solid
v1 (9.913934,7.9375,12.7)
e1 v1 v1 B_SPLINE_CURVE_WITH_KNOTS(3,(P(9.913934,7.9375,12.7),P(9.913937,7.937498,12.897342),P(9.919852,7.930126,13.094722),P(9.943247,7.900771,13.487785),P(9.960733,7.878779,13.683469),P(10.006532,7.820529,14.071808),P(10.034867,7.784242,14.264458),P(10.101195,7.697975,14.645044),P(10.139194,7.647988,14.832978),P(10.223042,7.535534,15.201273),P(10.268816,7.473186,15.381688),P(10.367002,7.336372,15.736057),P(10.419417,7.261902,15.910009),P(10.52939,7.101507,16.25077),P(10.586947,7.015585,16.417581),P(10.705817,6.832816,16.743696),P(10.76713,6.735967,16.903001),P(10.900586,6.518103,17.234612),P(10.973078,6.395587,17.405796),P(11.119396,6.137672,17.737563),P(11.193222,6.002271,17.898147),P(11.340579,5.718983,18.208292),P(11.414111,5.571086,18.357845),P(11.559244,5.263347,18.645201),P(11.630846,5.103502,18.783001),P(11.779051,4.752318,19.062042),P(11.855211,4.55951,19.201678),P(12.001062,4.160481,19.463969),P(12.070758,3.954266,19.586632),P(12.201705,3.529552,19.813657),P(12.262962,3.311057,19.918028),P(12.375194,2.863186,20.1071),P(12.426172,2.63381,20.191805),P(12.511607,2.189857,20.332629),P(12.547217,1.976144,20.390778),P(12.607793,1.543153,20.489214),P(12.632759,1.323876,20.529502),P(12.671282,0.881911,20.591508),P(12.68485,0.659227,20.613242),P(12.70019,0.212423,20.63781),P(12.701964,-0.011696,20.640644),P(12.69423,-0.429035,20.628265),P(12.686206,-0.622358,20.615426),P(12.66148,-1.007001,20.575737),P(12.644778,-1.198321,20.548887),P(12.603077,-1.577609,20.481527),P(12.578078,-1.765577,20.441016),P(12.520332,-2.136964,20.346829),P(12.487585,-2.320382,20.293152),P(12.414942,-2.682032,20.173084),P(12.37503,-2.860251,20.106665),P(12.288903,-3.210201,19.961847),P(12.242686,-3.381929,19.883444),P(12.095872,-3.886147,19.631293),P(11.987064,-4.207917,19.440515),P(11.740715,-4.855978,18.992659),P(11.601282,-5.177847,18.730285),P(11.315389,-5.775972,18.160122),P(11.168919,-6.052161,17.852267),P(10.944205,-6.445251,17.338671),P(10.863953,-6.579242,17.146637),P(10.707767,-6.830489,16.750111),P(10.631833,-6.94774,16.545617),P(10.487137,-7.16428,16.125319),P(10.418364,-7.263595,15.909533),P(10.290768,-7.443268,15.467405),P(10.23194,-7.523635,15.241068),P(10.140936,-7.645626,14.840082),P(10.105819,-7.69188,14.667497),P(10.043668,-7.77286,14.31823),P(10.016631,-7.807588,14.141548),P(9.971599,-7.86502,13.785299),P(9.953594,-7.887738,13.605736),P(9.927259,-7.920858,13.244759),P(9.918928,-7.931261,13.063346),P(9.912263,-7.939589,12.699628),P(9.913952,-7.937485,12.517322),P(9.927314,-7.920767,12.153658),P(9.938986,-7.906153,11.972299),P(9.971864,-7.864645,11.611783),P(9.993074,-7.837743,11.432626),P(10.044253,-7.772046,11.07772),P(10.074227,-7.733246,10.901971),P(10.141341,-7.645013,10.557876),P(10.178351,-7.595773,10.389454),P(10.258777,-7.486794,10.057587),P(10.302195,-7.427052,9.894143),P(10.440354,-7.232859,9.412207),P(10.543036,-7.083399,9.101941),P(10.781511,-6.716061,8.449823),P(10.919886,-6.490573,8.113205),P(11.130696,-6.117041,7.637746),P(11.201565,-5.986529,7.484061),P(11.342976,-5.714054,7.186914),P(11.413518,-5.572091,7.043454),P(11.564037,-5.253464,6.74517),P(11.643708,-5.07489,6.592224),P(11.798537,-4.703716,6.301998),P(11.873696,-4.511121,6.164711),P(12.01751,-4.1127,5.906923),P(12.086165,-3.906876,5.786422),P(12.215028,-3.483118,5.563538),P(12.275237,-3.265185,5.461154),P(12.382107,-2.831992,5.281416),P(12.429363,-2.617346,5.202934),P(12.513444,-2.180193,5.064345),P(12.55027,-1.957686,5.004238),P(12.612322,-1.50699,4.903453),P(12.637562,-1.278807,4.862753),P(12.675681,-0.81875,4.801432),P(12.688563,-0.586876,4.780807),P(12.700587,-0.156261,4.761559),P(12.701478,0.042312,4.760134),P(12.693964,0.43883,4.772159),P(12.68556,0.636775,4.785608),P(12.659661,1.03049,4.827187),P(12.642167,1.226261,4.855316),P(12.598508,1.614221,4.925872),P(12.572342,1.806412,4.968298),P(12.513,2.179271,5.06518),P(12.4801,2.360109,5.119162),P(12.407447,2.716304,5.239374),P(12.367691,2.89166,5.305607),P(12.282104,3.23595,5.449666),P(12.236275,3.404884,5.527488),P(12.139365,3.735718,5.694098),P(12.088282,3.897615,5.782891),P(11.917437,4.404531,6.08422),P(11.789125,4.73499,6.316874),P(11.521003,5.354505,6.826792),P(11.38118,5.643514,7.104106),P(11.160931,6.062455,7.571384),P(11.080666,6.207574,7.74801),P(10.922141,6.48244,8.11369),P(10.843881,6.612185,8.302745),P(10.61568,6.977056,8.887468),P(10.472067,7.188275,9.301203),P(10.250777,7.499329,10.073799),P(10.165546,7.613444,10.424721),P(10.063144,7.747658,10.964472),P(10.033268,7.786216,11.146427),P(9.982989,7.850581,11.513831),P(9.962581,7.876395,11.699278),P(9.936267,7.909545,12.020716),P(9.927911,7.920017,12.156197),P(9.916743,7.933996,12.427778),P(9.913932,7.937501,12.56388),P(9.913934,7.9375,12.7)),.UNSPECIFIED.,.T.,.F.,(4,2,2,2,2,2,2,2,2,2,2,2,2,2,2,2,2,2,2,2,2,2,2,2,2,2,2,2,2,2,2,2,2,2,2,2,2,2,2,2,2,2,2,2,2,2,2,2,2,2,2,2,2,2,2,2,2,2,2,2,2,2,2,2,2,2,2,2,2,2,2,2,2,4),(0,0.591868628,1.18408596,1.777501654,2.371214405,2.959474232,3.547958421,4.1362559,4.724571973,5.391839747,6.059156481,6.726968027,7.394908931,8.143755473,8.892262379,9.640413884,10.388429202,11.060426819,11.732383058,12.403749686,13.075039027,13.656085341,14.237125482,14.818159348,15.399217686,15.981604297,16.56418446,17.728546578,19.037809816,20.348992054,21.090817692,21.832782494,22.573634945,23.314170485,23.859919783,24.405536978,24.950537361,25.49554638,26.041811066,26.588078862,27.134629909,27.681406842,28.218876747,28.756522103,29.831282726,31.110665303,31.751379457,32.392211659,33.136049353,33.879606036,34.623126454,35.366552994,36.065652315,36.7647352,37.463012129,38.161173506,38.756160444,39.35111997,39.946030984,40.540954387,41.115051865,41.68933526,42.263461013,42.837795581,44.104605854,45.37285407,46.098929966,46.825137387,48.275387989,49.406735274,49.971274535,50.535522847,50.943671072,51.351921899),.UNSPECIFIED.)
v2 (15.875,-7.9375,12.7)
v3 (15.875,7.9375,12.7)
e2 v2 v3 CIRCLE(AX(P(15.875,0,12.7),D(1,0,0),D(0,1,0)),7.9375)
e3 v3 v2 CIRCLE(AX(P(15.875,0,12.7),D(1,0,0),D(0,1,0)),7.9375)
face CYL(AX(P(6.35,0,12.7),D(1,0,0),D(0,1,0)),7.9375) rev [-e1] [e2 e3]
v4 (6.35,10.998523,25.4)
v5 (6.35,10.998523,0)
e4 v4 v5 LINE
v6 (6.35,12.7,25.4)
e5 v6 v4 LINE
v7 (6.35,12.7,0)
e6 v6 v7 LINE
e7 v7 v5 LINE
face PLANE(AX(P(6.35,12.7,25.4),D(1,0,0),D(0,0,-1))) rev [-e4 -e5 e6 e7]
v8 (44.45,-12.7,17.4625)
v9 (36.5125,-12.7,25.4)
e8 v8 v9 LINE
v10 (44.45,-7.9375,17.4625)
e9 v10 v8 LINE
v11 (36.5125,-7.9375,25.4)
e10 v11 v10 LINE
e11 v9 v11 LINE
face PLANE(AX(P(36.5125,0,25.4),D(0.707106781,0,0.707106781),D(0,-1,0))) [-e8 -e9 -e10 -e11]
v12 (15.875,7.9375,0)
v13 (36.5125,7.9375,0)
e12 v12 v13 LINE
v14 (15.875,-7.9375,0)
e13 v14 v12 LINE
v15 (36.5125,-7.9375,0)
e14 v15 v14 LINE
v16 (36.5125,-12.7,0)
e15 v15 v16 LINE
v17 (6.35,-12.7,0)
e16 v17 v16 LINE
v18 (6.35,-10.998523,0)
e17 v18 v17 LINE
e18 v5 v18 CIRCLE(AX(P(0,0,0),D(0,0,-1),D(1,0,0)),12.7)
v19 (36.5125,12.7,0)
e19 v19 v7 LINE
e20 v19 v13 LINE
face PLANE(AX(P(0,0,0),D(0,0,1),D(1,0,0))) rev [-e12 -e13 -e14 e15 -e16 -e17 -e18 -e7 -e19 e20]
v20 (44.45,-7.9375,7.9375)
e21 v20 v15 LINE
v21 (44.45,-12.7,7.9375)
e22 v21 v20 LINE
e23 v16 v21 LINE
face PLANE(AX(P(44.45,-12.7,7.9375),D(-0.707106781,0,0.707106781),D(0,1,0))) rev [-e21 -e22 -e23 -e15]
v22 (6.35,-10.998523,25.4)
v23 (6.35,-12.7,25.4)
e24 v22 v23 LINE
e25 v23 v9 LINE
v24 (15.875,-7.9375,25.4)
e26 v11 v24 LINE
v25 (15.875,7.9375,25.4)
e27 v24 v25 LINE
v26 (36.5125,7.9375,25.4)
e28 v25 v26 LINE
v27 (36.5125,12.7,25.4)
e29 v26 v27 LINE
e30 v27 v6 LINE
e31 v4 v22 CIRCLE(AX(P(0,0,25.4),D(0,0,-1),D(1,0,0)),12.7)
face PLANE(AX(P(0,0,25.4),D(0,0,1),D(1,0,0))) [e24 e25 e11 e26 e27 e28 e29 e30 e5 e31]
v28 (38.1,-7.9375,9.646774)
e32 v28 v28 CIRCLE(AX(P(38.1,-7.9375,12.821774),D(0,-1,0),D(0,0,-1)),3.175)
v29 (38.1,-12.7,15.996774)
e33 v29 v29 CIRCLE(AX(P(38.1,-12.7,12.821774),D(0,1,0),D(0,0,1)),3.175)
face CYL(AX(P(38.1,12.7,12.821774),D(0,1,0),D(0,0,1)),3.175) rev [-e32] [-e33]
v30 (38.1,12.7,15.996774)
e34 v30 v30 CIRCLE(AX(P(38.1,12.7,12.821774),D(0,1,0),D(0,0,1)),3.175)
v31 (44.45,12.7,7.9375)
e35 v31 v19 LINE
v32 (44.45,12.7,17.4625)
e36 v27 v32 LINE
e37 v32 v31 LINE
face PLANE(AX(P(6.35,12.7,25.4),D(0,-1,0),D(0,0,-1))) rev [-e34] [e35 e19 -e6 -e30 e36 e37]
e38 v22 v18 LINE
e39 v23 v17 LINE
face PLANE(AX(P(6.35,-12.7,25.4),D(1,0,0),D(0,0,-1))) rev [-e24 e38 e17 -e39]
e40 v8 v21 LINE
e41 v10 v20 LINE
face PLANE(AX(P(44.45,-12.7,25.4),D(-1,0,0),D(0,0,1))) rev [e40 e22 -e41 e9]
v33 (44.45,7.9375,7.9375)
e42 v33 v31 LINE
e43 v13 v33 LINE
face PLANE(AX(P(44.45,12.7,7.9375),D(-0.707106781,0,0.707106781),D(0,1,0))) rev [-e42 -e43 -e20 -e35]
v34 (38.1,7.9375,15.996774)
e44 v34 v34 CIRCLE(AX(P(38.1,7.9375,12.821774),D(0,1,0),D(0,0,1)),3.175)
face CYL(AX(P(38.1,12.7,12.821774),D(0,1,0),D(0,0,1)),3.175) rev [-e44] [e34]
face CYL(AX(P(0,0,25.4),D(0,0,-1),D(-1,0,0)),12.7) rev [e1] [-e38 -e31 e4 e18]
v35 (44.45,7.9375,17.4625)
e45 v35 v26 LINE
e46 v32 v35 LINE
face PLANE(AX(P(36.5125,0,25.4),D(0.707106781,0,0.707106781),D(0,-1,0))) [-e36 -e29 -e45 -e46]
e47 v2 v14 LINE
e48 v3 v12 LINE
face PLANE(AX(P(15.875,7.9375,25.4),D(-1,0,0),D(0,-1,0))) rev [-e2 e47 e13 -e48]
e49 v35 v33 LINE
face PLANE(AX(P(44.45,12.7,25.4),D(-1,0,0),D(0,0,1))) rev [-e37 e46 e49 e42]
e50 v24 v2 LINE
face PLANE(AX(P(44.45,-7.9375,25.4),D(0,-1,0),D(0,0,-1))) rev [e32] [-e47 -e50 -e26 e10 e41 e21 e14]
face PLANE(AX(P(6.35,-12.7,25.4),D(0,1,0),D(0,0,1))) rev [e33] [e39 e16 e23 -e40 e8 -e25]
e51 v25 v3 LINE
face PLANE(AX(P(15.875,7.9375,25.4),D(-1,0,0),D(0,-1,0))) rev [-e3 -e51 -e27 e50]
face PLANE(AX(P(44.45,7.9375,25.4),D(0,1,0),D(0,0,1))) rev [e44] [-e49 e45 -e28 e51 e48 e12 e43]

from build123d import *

# Parameters (mm, degrees)
BOSS_EXTRUDE1_DEPTH         = 25.4
F_1_4_0_25_DIAMETER_HOLE1_D = 6.35
CHAMFER1_SIZE               = 7.9375
SKETCH6_R                   = 7.9375
CUT_EXTRUDE1_DEPTH          = 10.525


with BuildPart() as part:
    # Sketch1 → Boss-Extrude1 (new body)
    with BuildSketch(Plane.XY):
        with BuildLine():
            Line((6.35, 12.7), (44.45, 12.7))
            Line((44.45, 12.7), (44.45, 7.9375))
            Line((44.45, 7.9375), (15.875, 7.9375))
            Line((15.875, 7.9375), (15.875, -7.9375))
            Line((15.875, -7.9375), (44.45, -7.9375))
            Line((44.45, -7.9375), (44.45, -12.7))
            Line((44.45, -12.7), (6.35, -12.7))
            Line((6.35, -12.7), (6.35, -10.998522628))
            ThreePointArc((6.35, -10.998522628), (12.7, 0), (6.35, 10.998522628))
            Line((6.35, 10.998522628), (6.35, 12.7))
        make_face()
    extrude(amount=BOSS_EXTRUDE1_DEPTH)

    # 1/4 (0.25) Diameter Hole1 (through all)
    with Locations(Plane(origin=(0, 12.7, 0), x_dir=(1, 0, 0), z_dir=(0, 1, 0))):
        with Locations((38.1, -12.821774192)):
            Hole(F_1_4_0_25_DIAMETER_HOLE1_D / 2)

    # Chamfer1
    chamfer1_edges = [part.edges().sort_by_distance(p)[0] for p in [
        (44.45, 10.31875, 0),
        (44.45, 10.31875, 25.4),
        (44.45, -10.31875, 25.4),
        (44.45, -10.31875, 0),
    ]]
    chamfer(chamfer1_edges, length=CHAMFER1_SIZE)

    # Sketch6 → Cut-Extrude1 (cut, through all)
    with BuildSketch(Plane(origin=(15.875, 0, 0), x_dir=(0, 0, -1), z_dir=(1, 0, 0))):
        with Locations((-12.7, 0)):
            Circle(SKETCH6_R)
    extrude(amount=-CUT_EXTRUDE1_DEPTH, mode=Mode.SUBTRACT)


solid = part.part
